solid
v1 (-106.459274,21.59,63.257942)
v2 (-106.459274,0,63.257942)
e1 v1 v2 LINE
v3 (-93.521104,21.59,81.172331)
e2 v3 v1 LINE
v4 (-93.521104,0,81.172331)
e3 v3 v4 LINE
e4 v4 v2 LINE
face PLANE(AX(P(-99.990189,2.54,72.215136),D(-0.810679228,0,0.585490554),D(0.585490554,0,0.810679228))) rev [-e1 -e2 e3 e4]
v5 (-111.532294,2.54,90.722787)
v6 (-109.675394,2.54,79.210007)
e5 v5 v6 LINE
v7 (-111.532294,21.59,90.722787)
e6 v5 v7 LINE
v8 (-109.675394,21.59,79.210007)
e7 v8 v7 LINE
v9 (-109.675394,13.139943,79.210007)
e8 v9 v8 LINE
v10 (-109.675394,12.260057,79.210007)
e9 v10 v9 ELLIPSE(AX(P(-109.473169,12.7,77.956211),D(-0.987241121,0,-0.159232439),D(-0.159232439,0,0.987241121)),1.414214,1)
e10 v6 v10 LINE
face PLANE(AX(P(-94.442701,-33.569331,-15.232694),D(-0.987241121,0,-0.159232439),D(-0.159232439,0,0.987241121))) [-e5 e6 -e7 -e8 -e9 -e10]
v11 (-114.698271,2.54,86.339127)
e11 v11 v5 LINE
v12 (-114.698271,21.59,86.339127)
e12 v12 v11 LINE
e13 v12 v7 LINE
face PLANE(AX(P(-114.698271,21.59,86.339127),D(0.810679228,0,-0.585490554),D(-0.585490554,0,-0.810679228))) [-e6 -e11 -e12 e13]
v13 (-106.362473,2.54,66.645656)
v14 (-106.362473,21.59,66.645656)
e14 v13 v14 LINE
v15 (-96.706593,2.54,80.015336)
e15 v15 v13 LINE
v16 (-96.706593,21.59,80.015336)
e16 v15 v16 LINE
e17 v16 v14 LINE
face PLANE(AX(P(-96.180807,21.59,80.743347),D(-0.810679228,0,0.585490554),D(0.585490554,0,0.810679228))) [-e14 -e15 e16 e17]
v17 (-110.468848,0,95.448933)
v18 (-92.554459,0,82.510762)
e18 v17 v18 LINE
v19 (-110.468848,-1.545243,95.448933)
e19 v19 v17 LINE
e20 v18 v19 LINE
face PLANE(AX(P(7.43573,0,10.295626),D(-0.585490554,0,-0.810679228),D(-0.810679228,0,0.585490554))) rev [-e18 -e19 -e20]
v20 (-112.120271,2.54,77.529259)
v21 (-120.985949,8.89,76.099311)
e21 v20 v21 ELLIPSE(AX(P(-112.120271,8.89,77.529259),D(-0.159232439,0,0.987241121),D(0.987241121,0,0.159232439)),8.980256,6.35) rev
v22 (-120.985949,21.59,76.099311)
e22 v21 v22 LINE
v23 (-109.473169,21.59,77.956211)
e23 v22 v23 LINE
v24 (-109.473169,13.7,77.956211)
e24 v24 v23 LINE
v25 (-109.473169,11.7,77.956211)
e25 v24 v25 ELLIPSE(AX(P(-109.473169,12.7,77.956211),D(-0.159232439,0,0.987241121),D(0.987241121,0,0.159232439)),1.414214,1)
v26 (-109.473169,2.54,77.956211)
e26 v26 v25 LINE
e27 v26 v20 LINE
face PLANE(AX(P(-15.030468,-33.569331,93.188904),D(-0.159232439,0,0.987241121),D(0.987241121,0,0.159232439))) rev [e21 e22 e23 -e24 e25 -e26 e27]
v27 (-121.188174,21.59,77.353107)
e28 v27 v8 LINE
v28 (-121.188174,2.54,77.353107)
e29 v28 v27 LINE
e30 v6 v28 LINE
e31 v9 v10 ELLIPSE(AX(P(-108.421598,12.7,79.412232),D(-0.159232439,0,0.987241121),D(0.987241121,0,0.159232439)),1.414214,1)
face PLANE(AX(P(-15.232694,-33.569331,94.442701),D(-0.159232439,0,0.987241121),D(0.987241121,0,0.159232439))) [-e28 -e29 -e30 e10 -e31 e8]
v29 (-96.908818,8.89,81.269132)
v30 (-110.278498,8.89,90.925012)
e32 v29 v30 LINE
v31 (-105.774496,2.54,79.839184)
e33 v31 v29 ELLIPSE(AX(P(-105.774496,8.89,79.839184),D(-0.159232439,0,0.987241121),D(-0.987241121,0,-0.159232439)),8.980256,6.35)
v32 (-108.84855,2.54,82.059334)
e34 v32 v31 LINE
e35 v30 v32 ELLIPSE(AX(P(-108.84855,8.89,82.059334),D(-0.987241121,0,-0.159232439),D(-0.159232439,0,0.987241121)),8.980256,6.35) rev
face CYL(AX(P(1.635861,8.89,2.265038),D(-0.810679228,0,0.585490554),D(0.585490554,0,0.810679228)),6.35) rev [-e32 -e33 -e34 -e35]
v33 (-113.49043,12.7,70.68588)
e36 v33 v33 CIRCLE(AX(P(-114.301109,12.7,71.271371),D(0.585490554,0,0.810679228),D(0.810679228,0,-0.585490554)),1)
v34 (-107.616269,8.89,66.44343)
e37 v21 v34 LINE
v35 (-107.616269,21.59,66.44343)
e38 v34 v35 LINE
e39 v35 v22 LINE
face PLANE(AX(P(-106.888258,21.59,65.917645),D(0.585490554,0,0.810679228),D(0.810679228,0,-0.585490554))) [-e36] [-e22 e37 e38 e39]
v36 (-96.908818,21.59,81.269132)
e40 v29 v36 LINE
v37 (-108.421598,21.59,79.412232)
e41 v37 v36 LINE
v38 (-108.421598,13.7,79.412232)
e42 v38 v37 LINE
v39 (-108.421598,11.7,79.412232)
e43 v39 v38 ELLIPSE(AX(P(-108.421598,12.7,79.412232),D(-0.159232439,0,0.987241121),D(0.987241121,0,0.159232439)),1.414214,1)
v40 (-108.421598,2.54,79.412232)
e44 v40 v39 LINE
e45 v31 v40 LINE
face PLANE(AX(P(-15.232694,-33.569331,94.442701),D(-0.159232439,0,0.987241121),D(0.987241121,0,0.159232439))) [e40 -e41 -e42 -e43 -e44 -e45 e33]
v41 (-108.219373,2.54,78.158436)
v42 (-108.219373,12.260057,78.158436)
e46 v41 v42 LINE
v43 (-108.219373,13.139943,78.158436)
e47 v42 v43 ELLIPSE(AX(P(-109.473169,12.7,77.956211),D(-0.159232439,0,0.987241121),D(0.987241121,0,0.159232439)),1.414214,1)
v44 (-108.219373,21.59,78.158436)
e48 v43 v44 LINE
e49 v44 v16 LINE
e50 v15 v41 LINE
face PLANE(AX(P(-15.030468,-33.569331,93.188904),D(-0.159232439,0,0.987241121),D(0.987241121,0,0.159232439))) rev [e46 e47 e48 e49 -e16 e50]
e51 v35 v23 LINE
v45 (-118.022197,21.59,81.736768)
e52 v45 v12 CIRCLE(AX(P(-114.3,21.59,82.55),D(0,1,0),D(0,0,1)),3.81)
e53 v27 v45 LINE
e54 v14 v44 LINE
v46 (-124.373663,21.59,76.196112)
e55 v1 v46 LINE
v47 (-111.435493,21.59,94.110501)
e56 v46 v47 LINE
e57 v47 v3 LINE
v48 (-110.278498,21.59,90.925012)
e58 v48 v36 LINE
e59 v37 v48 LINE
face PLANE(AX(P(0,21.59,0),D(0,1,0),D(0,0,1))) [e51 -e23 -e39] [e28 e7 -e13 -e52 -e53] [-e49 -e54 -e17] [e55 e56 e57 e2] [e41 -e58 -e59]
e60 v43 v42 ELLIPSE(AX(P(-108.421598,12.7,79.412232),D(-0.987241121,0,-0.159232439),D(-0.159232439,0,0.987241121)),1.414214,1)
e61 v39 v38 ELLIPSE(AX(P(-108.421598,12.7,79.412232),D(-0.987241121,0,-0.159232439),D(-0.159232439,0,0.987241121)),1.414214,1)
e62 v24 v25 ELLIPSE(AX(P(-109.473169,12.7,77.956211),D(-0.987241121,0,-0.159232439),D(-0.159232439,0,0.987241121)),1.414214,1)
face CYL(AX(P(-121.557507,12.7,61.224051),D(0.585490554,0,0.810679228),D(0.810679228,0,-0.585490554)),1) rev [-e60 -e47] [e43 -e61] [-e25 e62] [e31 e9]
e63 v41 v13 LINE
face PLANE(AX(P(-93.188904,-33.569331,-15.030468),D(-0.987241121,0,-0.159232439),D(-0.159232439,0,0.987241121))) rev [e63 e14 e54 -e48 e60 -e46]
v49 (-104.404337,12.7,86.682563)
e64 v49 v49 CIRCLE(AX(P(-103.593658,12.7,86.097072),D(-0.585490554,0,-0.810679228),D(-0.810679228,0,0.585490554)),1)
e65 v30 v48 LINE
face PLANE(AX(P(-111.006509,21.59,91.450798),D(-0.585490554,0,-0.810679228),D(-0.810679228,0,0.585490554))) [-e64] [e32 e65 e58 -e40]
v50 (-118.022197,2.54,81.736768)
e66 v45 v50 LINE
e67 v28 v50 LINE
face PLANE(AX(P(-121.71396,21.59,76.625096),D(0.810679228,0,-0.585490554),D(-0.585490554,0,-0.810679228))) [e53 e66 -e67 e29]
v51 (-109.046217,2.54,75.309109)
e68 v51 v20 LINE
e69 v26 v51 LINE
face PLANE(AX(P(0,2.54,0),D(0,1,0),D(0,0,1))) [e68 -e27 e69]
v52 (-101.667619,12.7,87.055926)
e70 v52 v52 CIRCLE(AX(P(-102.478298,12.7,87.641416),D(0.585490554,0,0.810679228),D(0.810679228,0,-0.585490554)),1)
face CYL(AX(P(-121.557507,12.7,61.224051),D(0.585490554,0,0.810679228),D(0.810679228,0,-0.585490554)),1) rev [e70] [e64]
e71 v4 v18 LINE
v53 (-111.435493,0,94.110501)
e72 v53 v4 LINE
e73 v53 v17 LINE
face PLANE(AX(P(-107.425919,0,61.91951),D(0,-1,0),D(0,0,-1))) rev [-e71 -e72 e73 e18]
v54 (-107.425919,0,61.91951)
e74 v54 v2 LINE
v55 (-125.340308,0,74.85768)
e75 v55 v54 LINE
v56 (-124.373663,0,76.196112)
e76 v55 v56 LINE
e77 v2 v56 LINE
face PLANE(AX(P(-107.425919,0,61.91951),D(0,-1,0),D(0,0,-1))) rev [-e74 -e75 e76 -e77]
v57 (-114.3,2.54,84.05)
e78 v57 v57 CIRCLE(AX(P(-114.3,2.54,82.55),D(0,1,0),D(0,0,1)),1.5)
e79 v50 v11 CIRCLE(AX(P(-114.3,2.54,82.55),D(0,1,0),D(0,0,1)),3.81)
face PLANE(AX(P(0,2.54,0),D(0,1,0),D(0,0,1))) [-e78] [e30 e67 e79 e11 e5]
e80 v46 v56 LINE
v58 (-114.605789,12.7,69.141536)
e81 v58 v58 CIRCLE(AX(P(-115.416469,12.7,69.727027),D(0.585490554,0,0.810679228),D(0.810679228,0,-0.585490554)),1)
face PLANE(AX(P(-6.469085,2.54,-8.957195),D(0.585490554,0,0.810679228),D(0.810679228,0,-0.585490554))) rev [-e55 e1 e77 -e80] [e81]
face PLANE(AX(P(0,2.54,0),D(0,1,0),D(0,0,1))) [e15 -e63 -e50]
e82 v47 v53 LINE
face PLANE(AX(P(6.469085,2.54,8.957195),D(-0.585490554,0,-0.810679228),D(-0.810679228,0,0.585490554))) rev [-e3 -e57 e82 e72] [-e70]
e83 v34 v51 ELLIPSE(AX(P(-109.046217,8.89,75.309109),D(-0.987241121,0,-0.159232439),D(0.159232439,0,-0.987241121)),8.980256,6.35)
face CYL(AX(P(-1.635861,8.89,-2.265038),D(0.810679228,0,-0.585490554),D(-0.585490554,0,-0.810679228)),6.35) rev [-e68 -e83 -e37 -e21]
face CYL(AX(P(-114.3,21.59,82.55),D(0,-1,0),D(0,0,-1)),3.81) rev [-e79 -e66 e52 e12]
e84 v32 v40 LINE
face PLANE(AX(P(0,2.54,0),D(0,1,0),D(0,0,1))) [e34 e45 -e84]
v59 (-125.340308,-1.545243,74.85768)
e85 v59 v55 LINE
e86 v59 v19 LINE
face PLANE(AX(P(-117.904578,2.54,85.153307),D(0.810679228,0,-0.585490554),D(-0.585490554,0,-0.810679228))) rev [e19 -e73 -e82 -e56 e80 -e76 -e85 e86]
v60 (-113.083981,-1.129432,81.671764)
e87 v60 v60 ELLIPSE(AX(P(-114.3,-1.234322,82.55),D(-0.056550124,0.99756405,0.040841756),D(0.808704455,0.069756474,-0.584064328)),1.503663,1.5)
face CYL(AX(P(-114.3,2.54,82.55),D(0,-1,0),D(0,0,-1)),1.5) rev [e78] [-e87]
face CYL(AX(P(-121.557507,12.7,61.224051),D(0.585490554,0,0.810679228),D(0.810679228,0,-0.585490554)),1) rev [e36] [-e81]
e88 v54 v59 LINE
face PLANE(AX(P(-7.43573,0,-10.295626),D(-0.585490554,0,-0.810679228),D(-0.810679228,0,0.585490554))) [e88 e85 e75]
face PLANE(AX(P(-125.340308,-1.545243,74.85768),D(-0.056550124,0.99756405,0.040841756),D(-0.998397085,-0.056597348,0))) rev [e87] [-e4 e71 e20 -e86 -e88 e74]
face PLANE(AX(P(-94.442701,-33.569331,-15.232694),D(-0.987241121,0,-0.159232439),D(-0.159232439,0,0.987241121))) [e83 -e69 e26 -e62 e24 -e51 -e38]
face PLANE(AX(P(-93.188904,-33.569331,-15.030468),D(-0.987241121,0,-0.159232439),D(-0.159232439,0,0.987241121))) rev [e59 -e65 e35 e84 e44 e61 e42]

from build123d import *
from build123d.topology import SkipClean

# Parameters (mm, degrees)
SKETCH1_R           = 1.5
BOSS_EXTRUDE2_DEPTH = 2.54
BOSS_EXTRUDE3_DEPTH = 19.05
BOSS_EXTRUDE6_DEPTH = 19.05
SKETCH4_R           = 1
CUT_EXTRUDE1_DEPTH  = 158.597711186
FILLET1_R           = 6.35
BOSS_EXTRUDE7_DEPTH = 12.7
SKETCH6_R           = 1.5
CUT_EXTRUDE2_DEPTH  = 159.693396714


with BuildPart() as part:
    # Sketch1 → Boss-Extrude2 (new body)
    with BuildSketch(Plane(origin=(0, 0, 0), x_dir=(1, 0, 0), z_dir=(0, 1, 0))):
        Polygon((-93.521103592, -81.172331094), (-106.459273851, -63.257941504), (-124.37366344, -76.196111763), (-111.435493182, -94.110501353), align=None)
        with Locations(Location((-114.3, -82.55, 0), (0, 0, 270))):
            Circle(SKETCH1_R, mode=Mode.SUBTRACT)
    extrude(amount=BOSS_EXTRUDE2_DEPTH)

    # Sketch2 → Boss-Extrude3 (add)
    with BuildSketch(Plane(origin=(0, 2.54, 0), x_dir=(1, 0, 0), z_dir=(0, 1, 0))):
        Polygon((-106.459273851, -63.257941504), (-124.37366344, -76.196111763), (-111.435493182, -94.110501353), (-93.521103592, -81.172331094), align=None)
        with BuildLine():
            Line((-106.888258276, -65.91764494), (-121.713960005, -76.625096188))
            Line((-121.713960005, -76.625096188), (-118.022197338, -81.736767574))
            ThreePointArc((-118.022197338, -81.736767574), (-117.38868786, -84.78071901), (-114.698271424, -86.339126532))
            Line((-114.698271424, -86.339126532), (-111.006508757, -91.450797917))
            Line((-111.006508757, -91.450797917), (-96.180807028, -80.743346669))
            Line((-96.180807028, -80.743346669), (-106.888258276, -65.91764494))
        make_face(mode=Mode.SUBTRACT)
    extrude(amount=BOSS_EXTRUDE3_DEPTH)

    # Sketch3 → Boss-Extrude6 (add)
    with BuildSketch(Plane(origin=(0, 21.59, 0), x_dir=(1, 0, 0), z_dir=(0, 1, 0))):
        Polygon((-121.713960005, -76.625096188), (-121.188174492, -77.353106899), (-109.675394227, -79.210006941), (-111.53229427, -90.722787207), (-111.006508757, -91.450797917), (-110.278498046, -90.925012404), (-108.421598003, -79.412232139), (-96.908817738, -81.269132182), (-96.180807028, -80.743346669), (-96.706592541, -80.015335958), (-108.219372806, -78.158435915), (-106.362472763, -66.64565565), (-106.888258276, -65.91764494), (-107.616268987, -66.443430453), (-109.473169029, -77.956210718), (-120.985949295, -76.099310675), align=None)
    extrude(amount=-BOSS_EXTRUDE6_DEPTH)

    # Sketch4 → Cut-Extrude1 (cut, through all)
    with BuildSketch(Plane(origin=(6.469085129, 0, 8.957194795), x_dir=(0.8106792283998809, 0, -0.5854905538443587), z_dir=(0.5854905538443586, 0, 0.8106792283998808))):
        with Locations(Location((-134.390249188, 12.7, 0), (0, 0, 90))):
            Circle(SKETCH4_R)
    extrude(amount=-CUT_EXTRUDE1_DEPTH, mode=Mode.SUBTRACT)

    # Fillet1
    fillet1_edges = [part.edges().sort_by_distance(p)[0] for p in [
        (-103.593657892, 2.54, 86.097072293),
        (-114.301109141, 2.54, 71.271370564),
    ]]
    fillet(fillet1_edges, radius=FILLET1_R)

    # Sketch5 → Boss-Extrude7 (add, symmetric)
    with BuildSketch(Plane(origin=(0, 0, 0), x_dir=(-0.8106792283998807, 0, 0.585490553844359), z_dir=(-0.5854905538443589, 0, -0.8106792283998806))):
        Polygon((123.341249188, 0), (145.439249188, 0), (145.439249188, -1.54524269), align=None)
    extrude(amount=BOSS_EXTRUDE7_DEPTH, both=True)

    # Sketch6 → Cut-Extrude2 (cut, through all)
    with SkipClean():  # the faces are left unmerged after this step: merging them gives an invalid solid
        with BuildSketch(Plane(origin=(0, 2.54, 0), x_dir=(1, 0, 0), z_dir=(0, 1, 0))):
            with Locations(Location((-114.3, -82.55, 0), (0, 0, 35.837652954))):
                Circle(SKETCH6_R)
        extrude(amount=-CUT_EXTRUDE2_DEPTH, mode=Mode.SUBTRACT)


solid = part.part
